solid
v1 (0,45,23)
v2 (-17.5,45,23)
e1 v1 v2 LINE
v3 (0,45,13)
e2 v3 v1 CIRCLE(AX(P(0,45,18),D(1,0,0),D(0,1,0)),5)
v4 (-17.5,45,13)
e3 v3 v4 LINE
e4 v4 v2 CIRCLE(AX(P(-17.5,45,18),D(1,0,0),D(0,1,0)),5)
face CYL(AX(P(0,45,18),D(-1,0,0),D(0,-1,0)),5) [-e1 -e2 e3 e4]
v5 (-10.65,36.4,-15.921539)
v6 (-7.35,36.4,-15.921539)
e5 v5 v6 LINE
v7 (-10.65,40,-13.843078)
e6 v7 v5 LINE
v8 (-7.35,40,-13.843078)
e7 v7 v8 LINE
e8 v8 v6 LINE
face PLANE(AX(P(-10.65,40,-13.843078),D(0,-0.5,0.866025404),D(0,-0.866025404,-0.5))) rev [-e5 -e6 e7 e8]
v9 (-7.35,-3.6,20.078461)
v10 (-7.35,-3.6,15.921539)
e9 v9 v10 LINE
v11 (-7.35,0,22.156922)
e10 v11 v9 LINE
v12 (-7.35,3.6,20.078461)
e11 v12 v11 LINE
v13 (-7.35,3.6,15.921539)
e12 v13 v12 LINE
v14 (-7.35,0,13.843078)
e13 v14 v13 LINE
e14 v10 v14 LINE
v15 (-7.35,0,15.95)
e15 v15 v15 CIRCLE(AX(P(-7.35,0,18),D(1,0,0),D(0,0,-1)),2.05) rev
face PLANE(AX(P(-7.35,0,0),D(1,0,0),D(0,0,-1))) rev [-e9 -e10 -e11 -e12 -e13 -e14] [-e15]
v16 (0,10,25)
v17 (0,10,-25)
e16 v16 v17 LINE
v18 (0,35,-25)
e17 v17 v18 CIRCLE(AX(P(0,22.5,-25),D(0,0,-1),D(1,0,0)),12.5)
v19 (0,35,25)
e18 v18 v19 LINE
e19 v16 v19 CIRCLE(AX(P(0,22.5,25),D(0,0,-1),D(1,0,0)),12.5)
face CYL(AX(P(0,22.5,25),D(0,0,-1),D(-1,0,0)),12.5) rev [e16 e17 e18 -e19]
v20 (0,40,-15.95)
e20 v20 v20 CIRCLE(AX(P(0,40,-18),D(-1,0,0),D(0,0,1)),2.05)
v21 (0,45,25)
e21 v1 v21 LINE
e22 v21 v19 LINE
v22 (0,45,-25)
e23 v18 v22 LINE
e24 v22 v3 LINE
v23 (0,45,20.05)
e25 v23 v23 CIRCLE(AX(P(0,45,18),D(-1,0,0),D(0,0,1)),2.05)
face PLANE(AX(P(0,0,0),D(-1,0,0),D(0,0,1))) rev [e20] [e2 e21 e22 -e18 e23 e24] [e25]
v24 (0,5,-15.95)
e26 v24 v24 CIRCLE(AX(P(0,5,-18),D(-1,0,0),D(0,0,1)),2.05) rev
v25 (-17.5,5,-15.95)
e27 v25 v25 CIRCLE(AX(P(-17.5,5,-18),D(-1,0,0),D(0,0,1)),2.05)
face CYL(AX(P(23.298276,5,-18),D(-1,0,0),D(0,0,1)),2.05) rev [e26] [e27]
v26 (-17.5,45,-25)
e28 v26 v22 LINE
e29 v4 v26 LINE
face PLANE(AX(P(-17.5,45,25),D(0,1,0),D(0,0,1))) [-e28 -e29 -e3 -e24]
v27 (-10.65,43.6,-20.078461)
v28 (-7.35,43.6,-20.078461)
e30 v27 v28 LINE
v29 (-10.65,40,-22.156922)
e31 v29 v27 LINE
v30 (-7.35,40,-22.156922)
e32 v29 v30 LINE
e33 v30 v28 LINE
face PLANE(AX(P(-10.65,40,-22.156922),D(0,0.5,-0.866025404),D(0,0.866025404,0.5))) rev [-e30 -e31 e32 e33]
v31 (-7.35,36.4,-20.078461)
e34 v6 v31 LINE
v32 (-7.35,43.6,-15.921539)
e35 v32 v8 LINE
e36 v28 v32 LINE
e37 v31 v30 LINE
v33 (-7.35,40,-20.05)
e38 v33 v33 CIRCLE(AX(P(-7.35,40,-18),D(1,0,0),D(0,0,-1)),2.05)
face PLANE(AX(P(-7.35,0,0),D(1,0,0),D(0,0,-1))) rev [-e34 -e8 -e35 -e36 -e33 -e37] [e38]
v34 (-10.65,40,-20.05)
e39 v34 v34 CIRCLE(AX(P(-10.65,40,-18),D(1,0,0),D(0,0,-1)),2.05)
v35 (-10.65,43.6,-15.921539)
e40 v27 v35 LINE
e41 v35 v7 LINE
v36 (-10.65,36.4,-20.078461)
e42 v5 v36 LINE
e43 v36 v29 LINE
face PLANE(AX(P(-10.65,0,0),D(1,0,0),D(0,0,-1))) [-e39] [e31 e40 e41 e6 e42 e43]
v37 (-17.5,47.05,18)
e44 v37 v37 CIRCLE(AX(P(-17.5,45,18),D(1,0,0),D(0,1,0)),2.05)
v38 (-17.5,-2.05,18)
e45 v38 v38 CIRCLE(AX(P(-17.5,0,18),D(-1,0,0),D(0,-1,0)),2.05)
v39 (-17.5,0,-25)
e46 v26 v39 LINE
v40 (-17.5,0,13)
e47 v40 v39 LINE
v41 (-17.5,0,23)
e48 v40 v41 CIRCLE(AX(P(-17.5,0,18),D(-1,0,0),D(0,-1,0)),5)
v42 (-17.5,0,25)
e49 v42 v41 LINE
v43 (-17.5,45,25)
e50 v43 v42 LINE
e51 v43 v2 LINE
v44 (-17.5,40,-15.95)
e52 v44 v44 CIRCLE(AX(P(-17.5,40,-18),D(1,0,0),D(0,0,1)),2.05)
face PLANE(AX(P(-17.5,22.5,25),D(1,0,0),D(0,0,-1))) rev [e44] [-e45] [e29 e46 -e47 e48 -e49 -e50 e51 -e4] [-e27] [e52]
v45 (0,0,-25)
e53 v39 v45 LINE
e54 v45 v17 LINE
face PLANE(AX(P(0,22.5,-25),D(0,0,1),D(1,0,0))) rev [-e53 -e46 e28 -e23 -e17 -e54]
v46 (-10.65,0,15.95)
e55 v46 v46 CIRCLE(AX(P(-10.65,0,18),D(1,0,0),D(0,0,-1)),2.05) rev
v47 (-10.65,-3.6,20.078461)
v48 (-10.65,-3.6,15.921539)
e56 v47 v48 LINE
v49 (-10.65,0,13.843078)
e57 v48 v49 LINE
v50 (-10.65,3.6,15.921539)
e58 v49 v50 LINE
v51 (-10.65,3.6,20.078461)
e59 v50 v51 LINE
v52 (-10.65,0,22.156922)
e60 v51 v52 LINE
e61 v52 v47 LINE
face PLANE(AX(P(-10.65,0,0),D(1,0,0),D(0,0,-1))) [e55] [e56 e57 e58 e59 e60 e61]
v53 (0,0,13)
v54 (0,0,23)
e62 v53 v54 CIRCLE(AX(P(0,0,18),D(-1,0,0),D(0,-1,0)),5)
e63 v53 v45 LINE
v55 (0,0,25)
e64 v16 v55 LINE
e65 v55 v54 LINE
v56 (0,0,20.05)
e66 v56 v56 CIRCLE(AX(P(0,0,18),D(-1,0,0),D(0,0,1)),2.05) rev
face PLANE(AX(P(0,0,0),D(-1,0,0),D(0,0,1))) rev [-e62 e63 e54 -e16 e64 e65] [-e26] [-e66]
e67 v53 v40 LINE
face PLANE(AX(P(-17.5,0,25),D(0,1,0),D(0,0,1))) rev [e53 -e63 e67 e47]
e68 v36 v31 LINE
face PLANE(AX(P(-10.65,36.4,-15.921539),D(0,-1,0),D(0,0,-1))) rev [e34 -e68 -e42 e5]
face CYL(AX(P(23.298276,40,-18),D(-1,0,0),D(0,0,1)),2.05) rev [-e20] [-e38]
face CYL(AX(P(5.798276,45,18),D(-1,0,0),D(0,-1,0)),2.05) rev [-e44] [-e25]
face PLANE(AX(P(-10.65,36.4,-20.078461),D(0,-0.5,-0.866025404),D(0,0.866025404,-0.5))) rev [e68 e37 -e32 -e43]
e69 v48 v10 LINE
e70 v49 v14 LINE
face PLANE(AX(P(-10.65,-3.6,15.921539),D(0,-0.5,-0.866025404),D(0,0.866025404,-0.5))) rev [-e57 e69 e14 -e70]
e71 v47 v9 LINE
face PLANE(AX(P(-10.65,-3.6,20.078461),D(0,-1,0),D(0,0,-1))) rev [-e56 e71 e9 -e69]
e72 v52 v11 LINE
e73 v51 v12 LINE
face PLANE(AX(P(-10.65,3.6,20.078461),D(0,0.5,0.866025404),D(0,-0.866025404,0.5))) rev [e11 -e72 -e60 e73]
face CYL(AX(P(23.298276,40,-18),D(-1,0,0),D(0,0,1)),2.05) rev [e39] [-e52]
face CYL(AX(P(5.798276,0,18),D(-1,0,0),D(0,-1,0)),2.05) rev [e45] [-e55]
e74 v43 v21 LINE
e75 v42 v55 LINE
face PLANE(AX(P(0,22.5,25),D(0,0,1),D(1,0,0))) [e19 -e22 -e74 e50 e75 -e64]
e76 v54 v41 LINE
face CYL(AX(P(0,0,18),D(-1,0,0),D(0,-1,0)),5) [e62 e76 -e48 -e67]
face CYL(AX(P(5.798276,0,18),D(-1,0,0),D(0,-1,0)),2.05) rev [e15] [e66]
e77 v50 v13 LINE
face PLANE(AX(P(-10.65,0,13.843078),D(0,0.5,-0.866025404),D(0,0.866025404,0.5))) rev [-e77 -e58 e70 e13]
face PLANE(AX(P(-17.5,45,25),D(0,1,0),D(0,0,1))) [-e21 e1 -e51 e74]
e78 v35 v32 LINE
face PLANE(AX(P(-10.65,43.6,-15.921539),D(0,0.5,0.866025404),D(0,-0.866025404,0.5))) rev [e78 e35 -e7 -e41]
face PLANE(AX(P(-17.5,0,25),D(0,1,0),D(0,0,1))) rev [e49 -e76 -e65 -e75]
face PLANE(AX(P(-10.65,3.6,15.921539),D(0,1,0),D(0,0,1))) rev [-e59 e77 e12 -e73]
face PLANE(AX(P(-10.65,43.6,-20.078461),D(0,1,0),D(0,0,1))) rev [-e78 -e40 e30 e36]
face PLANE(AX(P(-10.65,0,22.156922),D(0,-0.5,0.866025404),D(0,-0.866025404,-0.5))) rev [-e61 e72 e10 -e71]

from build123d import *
from build123d.topology import SkipClean

# Parameters (mm, degrees)
BOSS_EXTRUDE1_DEPTH             = 25
BOSS_EXTRUDE2_REACH             = 65.362
BOSS_EXTRUDE2_DIRECTION_2_DEPTH = 30
SKETCH9_R                       = 2.05
CUT_EXTRUDE3_DEPTH              = 35
BOSS_EXTRUDE5_REACH             = 63.601
SKETCH13_R                      = 1.55
CUT_EXTRUDE4_DEPTH              = 88.693844753
SKETCH16_W                      = 63
SKETCH16_H                      = 45
CUT_EXTRUDE5_DEPTH              = 65.196143
BOSS_EXTRUDE6_DEPTH             = 17.5
SKETCH18_R                      = 2.05
CUT_EXTRUDE6_DEPTH              = 17.5
CUT_EXTRUDE7_START              = -7.35
CUT_EXTRUDE7_DEPTH              = 3.3


with BuildPart() as part:
    # Sketch1 → Boss-Extrude1 (new, symmetric)
    with BuildSketch(Plane.XY):
        with BuildLine():
            Line((-17.5, 22.5), (-17.5, 0))
            Line((-17.5, 0), (17.5, 0))
            Line((17.5, 0), (17.5, 22.5))
            Line((17.5, 22.5), (12.5, 22.5))
            ThreePointArc((12.5, 22.5), (0, 10), (-12.5, 22.5))
            Line((-12.5, 22.5), (-17.5, 22.5))
        make_face()
    boss_extrude1 = extrude(amount=BOSS_EXTRUDE1_DEPTH, both=True)

    # Boss-Extrude2: up to this face of the body (flat: up to its plane)
    boss_extrude2_end = Plane(part.part.faces().sort_by_distance((17.5, 11.25, 0))[0])
    # Sketch5 → Boss-Extrude2 (add, up to the picked face)
    with BuildSketch(Plane(origin=(26.115381057, 0, 15.077722283), x_dir=(0.500000000000001, 0, -0.8660254037844382), z_dir=(0.8660254037844382, 0, 0.500000000000001)), mode=Mode.PRIVATE) as boss_extrude2_sk1:
        with BuildLine():
            Line((-8.7, 22.5), (-3.75, 22.5))
            ThreePointArc((-3.75, 22.5), (8.75, 10), (21.25, 22.5))
            Line((21.25, 22.5), (26.2, 22.5))
            ThreePointArc((26.2, 22.5), (8.75, 5.05), (-8.7, 22.5))
        make_face()
    boss_extrude2_tool1 = split(extrude(boss_extrude2_sk1.sketch, amount=-BOSS_EXTRUDE2_REACH, mode=Mode.PRIVATE), bisect_by=boss_extrude2_end, keep=Keep.BOTH, mode=Mode.PRIVATE)
    boss_extrude2 = boss_extrude2_tool1.solids().sort_by(Axis((23.002881, 22.109806, 20.46873), (-0.8660254037844382, 0, -0.500000000000001)))[0]
    add(boss_extrude2)

    # Sketch5 → Boss-Extrude2 direction 2 (add)
    with BuildSketch(Plane(origin=(26.115381057, 0, 15.077722283), x_dir=(0.500000000000001, 0, -0.8660254037844382), z_dir=(0.8660254037844382, 0, 0.500000000000001))):
        with BuildLine():
            Line((-8.7, 22.5), (-3.75, 22.5))
            ThreePointArc((-3.75, 22.5), (8.75, 10), (21.25, 22.5))
            Line((21.25, 22.5), (26.2, 22.5))
            ThreePointArc((26.2, 22.5), (8.75, 5.05), (-8.7, 22.5))
        make_face()
    boss_extrude2_direction_2 = extrude(amount=BOSS_EXTRUDE2_DIRECTION_2_DEPTH)

    # Sketch9 → Cut-Extrude3 (cut)
    with BuildSketch(Plane.ZY.offset(17.5)):
        with Locations((-18, 5)):
            Circle(SKETCH9_R)
    cut_extrude3 = extrude(amount=-CUT_EXTRUDE3_DEPTH, mode=Mode.SUBTRACT)

    # Boss-Extrude5: up to this face of the body (flat: up to its plane)
    boss_extrude5_end = Plane(part.part.faces().sort_by_distance((17.5, 17.19483523, 0))[0])
    # Sketch12 → Boss-Extrude5 (add, up to the picked face)
    with BuildSketch(Plane(origin=(21.973076211, 0, 12.686161466), x_dir=(0.4999999999999999, 0, -0.8660254037844388), z_dir=(0.8660254037844388, 0, 0.4999999999999999)), mode=Mode.PRIVATE) as boss_extrude5_sk1:
        with BuildLine():
            Line((-3.75, 22.5), (21.25, 22.5))
            ThreePointArc((21.25, 22.5), (8.75, 10), (-3.75, 22.5))
        make_face()
    boss_extrude5_tool1 = split(extrude(boss_extrude5_sk1.sketch, amount=-BOSS_EXTRUDE5_REACH, mode=Mode.PRIVATE), bisect_by=boss_extrude5_end, keep=Keep.BOTH, mode=Mode.PRIVATE)
    boss_extrude5 = boss_extrude5_tool1.solids().sort_by(Axis((26.348076, 17.194835, 5.108439), (-0.8660254037844388, 0, -0.4999999999999999)))[0]
    add(boss_extrude5)

    # Mirror1: Boss-Extrude1, Boss-Extrude2, Boss-Extrude2 direction 2, Cut-Extrude3, Boss-Extrude5 across plane
    with SkipClean():  # the faces are left unmerged after this step: merging them gives an invalid solid
        add(boss_extrude1.mirror(Plane(origin=(17.5, 22.5, 25), x_dir=(0, 0, 1), z_dir=(0, -1, 0))))
        add(boss_extrude2.mirror(Plane(origin=(17.5, 22.5, 25), x_dir=(0, 0, 1), z_dir=(0, -1, 0))))
        add(boss_extrude2_direction_2.mirror(Plane(origin=(17.5, 22.5, 25), x_dir=(0, 0, 1), z_dir=(0, -1, 0))))
        add(cut_extrude3.mirror(Plane(origin=(17.5, 22.5, 25), x_dir=(0, 0, 1), z_dir=(0, -1, 0))), mode=Mode.SUBTRACT)
        add(boss_extrude5.mirror(Plane(origin=(17.5, 22.5, 25), x_dir=(0, 0, 1), z_dir=(0, -1, 0))))

    # Sketch13 → Cut-Extrude4 (cut, through all)
    with SkipClean():  # the faces are left unmerged after this step: merging them gives an invalid solid
        with BuildSketch(Plane(origin=(0, 0, 0), x_dir=(1, 0, 0), z_dir=(0, 1, 0))):
            with Locations(Location((43.480762114, -15, 0), (0, 0, 90))):
                Circle(SKETCH13_R)
        extrude(amount=CUT_EXTRUDE4_DEPTH, mode=Mode.SUBTRACT)

    # Sketch16 → Cut-Extrude5 (cut)
    with BuildSketch(Plane(origin=(0, 0, 0), x_dir=(0, 0, -1), z_dir=(1, 0, 0))):
        with Locations((-6.5, 22.5)):
            Rectangle(SKETCH16_W, SKETCH16_H)
    extrude(amount=CUT_EXTRUDE5_DEPTH, mode=Mode.SUBTRACT)

    # Sketch17 → Boss-Extrude6 (add)
    with BuildSketch(Plane.ZY.offset(17.5)):
        with BuildLine():
            Line((13, 0), (23, 0))
            ThreePointArc((23, 0), (18, -5), (13, 0))
        make_face()
    boss_extrude6 = extrude(amount=-BOSS_EXTRUDE6_DEPTH)

    # Sketch18 → Cut-Extrude6 (cut)
    with BuildSketch(Plane.ZY.offset(17.5)):
        with Locations(Location((18, 0, 0), (0, 0, 270))):
            Circle(SKETCH18_R)
    cut_extrude6 = extrude(amount=-CUT_EXTRUDE6_DEPTH, mode=Mode.SUBTRACT)

    # Mirror2: Boss-Extrude6, Cut-Extrude6 across plane
    add(boss_extrude6.mirror(Plane.ZX.offset(22.5)))
    add(cut_extrude6.mirror(Plane.ZX.offset(22.5)), mode=Mode.SUBTRACT)

    # Sketch20 → Cut-Extrude7 (cut)
    with BuildSketch(Plane(origin=(0, 0, 0), x_dir=(0, 0, -1), z_dir=(1, 0, 0)).offset(CUT_EXTRUDE7_START)):
        Polygon((22.156921938, 40), (20.078460969, 43.6), (15.921539031, 43.6), (13.843078062, 40), (15.921539031, 36.4), (20.078460969, 36.4), align=None)
        Polygon((-13.843078062, 0), (-15.921539031, 3.6), (-20.078460969, 3.6), (-22.156921938, 0), (-20.078460969, -3.6), (-15.921539031, -3.6), align=None)
    extrude(amount=-CUT_EXTRUDE7_DEPTH, mode=Mode.SUBTRACT)


solid = part.part
